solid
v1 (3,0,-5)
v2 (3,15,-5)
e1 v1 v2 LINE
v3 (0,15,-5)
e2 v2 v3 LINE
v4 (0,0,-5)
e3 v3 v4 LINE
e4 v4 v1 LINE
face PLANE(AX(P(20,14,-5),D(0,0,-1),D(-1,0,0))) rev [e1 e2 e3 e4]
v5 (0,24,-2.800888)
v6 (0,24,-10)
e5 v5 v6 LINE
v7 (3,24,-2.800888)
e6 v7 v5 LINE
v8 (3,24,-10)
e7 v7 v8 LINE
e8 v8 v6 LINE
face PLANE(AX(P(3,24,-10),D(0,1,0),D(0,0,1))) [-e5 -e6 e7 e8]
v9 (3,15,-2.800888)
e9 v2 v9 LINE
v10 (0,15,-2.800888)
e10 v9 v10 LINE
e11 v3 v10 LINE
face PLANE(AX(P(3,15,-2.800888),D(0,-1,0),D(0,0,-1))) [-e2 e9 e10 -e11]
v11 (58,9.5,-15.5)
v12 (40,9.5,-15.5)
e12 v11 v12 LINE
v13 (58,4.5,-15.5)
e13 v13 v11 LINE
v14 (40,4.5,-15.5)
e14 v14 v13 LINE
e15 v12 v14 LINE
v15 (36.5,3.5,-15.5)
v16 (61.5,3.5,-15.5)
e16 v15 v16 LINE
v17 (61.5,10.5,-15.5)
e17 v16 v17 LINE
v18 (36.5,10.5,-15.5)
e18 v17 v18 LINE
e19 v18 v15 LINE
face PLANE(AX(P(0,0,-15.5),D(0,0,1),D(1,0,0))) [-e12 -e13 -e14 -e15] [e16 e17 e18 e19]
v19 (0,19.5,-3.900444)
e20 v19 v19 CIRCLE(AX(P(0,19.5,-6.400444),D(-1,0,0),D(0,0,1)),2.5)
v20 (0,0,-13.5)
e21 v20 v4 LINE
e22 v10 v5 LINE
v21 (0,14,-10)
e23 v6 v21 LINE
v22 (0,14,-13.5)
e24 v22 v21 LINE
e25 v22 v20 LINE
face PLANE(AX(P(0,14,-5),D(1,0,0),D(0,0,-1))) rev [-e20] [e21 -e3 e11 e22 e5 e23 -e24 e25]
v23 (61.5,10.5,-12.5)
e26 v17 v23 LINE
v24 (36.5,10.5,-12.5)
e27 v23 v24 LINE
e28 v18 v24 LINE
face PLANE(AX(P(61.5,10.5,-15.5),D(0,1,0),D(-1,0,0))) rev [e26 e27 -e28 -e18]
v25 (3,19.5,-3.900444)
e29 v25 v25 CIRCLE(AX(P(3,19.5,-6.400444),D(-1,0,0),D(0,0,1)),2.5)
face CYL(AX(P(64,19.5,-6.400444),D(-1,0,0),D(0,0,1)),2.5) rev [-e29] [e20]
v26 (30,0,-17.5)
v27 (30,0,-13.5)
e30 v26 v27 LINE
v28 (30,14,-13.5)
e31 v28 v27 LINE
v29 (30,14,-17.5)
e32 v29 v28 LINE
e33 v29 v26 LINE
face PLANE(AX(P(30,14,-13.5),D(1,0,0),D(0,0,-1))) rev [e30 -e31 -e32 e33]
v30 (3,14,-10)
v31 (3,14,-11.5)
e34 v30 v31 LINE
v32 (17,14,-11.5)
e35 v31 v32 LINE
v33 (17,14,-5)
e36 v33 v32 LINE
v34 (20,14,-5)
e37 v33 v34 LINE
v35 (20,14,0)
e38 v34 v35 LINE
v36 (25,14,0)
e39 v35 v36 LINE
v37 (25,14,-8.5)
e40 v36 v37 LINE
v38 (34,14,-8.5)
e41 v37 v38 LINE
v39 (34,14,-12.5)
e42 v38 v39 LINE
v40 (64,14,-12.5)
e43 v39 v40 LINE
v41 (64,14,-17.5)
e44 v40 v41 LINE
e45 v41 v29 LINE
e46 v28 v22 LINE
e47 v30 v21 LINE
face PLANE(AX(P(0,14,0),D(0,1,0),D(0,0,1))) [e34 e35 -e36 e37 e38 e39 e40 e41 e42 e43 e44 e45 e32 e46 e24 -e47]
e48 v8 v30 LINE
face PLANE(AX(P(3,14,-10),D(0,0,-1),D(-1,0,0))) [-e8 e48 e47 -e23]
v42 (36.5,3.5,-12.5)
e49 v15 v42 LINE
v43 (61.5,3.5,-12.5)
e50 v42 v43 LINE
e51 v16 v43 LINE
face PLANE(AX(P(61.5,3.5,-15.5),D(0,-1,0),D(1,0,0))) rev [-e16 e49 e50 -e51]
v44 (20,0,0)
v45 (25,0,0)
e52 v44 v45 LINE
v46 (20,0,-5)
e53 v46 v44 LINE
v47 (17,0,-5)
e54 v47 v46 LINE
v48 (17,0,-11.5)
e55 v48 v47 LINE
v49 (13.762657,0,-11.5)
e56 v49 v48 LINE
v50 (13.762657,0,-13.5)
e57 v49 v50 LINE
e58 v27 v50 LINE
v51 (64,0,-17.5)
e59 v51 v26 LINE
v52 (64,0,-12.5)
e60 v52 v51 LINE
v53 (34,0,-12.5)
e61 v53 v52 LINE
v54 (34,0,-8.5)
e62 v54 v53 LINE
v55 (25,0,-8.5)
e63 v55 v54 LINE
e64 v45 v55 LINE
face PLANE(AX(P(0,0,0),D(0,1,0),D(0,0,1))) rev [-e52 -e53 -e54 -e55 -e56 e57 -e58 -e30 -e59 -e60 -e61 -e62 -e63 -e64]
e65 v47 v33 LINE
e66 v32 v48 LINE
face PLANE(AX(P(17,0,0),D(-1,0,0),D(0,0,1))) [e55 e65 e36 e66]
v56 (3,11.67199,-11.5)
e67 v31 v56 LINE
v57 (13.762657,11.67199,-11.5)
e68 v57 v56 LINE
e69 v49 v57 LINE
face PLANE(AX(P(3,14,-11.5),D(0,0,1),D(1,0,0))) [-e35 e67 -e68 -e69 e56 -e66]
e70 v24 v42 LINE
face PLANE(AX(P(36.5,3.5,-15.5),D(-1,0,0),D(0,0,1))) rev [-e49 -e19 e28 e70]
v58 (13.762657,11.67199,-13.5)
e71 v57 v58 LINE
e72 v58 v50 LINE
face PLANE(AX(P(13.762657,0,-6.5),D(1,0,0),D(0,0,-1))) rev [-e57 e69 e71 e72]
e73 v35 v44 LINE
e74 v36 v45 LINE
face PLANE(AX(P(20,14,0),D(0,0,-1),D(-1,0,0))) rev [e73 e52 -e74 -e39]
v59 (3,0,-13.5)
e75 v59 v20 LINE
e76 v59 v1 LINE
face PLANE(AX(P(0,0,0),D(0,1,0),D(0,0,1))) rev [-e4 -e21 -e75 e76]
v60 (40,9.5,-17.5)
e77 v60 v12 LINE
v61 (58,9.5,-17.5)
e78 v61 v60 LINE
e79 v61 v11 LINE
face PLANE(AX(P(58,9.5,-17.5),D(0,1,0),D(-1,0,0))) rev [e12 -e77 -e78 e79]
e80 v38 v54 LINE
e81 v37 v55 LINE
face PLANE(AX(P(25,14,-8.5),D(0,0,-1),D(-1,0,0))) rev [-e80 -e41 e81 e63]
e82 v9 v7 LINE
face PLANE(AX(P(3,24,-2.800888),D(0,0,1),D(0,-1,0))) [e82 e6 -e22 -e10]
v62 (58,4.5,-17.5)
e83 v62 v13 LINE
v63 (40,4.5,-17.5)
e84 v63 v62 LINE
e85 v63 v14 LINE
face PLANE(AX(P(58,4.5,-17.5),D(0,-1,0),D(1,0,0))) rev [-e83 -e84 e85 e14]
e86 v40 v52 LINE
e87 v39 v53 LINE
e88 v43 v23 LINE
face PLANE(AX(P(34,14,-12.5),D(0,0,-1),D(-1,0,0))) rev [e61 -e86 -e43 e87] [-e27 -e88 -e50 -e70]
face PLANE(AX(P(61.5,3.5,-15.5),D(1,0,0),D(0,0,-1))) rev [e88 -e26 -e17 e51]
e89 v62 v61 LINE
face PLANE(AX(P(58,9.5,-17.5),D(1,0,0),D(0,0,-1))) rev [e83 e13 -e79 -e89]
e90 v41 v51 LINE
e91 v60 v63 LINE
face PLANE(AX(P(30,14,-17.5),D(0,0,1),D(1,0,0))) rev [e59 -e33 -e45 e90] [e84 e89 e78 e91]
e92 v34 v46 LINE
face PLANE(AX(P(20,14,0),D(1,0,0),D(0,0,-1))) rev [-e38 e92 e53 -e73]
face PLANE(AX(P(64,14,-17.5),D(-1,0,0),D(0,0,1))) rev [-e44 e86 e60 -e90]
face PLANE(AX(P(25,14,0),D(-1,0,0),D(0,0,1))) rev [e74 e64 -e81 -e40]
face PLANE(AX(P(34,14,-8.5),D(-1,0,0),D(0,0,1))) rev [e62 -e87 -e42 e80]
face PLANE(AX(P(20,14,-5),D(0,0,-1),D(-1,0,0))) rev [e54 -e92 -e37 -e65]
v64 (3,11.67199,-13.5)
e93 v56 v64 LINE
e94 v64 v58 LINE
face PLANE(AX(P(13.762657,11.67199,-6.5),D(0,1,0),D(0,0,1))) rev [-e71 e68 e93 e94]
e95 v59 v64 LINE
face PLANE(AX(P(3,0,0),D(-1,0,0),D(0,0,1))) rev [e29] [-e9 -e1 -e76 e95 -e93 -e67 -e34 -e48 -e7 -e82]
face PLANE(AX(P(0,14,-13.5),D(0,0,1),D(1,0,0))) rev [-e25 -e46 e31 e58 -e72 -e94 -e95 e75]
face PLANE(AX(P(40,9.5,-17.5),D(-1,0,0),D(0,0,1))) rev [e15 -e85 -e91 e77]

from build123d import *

# Parameters (mm, degrees)
BOSS_EXTRUDE1_DEPTH      = 14
SKETCH2_W                = 25
SKETCH2_H                = 7
CUT_EXTRUDE3_DEPTH       = 3
SKETCH10_W               = 18
SKETCH10_H               = 5
CUT_EXTRUDE4_DEPTH       = 68.321987493
BOSS_EXTRUDE8_DEPTH      = 3
SKETCH15_R               = 2.5
CUT_EXTRUDE8_DEPTH       = 71.556714776
CUT_EXTRUDE11_DEPTH      = 7
CUT_EXTRUDE11_DEPTH_BACK = 7
SKETCH18_W               = 6.5
SKETCH18_H               = 14
SKETCH19_W               = 10.762656819
SKETCH19_H               = 11.671990231
CUT_EXTRUDE12_DEPTH      = 7


with BuildPart() as part:
    # Sketch1 → Boss-Extrude1 (new body)
    with BuildSketch(Plane(origin=(0, 0, 0), x_dir=(1, 0, 0), z_dir=(0, 1, 0))):
        Polygon((25, 0), (25, 8.5), (34, 8.5), (34, 12.5), (64, 12.5), (64, 17.5), (30, 17.5), (30, 13.5), (0, 13.5), (0, 5), (20, 5), (20, 0), align=None)
    extrude(amount=BOSS_EXTRUDE1_DEPTH)

    # Sketch2 → Cut-Extrude3 (cut)
    with BuildSketch(Plane.XY.offset(-12.5)):
        with Locations((49, 7)):
            Rectangle(SKETCH2_W, SKETCH2_H)
    extrude(amount=-CUT_EXTRUDE3_DEPTH, mode=Mode.SUBTRACT)

    # Sketch10 → Cut-Extrude4 (cut, through all)
    with BuildSketch(Plane.XY.offset(-15.5)):
        with Locations((49, 7)):
            Rectangle(SKETCH10_W, SKETCH10_H)
    extrude(amount=-CUT_EXTRUDE4_DEPTH, mode=Mode.SUBTRACT)

    # Sketch11 → Boss-Extrude8 (add)
    with BuildSketch(Plane.ZY):
        Polygon((-10, 14), (-10, 24), (-2.800888244, 24), (-2.800888244, 15), (-5, 15), (-5, 14), align=None)
    extrude(amount=-BOSS_EXTRUDE8_DEPTH)

    # Sketch15 → Cut-Extrude8 (cut, through all)
    with BuildSketch(Plane.ZY):
        with Locations((-6.400444122, 19.5)):
            Circle(SKETCH15_R)
    extrude(amount=-CUT_EXTRUDE8_DEPTH, mode=Mode.SUBTRACT)

    # Sketch18 → Cut-Extrude11 (cut, two sides: drawn at the far end of the back side and taken through both)
    with BuildSketch(Plane.ZY.offset(-10).offset(-CUT_EXTRUDE11_DEPTH_BACK)):
        with Locations((-8.25, 7)):
            Rectangle(SKETCH18_W, SKETCH18_H)
    extrude(amount=CUT_EXTRUDE11_DEPTH + CUT_EXTRUDE11_DEPTH_BACK, mode=Mode.SUBTRACT)

    # Sketch19 → Cut-Extrude12 (cut)
    with BuildSketch(Plane(origin=(0, 0, -13.5), x_dir=(-1, 0, 0), z_dir=(0, 0, -1))):
        with Locations((-8.38132841, 5.835995116)):
            Rectangle(SKETCH19_W, SKETCH19_H)
    extrude(amount=-CUT_EXTRUDE12_DEPTH, mode=Mode.SUBTRACT)


solid = part.part
